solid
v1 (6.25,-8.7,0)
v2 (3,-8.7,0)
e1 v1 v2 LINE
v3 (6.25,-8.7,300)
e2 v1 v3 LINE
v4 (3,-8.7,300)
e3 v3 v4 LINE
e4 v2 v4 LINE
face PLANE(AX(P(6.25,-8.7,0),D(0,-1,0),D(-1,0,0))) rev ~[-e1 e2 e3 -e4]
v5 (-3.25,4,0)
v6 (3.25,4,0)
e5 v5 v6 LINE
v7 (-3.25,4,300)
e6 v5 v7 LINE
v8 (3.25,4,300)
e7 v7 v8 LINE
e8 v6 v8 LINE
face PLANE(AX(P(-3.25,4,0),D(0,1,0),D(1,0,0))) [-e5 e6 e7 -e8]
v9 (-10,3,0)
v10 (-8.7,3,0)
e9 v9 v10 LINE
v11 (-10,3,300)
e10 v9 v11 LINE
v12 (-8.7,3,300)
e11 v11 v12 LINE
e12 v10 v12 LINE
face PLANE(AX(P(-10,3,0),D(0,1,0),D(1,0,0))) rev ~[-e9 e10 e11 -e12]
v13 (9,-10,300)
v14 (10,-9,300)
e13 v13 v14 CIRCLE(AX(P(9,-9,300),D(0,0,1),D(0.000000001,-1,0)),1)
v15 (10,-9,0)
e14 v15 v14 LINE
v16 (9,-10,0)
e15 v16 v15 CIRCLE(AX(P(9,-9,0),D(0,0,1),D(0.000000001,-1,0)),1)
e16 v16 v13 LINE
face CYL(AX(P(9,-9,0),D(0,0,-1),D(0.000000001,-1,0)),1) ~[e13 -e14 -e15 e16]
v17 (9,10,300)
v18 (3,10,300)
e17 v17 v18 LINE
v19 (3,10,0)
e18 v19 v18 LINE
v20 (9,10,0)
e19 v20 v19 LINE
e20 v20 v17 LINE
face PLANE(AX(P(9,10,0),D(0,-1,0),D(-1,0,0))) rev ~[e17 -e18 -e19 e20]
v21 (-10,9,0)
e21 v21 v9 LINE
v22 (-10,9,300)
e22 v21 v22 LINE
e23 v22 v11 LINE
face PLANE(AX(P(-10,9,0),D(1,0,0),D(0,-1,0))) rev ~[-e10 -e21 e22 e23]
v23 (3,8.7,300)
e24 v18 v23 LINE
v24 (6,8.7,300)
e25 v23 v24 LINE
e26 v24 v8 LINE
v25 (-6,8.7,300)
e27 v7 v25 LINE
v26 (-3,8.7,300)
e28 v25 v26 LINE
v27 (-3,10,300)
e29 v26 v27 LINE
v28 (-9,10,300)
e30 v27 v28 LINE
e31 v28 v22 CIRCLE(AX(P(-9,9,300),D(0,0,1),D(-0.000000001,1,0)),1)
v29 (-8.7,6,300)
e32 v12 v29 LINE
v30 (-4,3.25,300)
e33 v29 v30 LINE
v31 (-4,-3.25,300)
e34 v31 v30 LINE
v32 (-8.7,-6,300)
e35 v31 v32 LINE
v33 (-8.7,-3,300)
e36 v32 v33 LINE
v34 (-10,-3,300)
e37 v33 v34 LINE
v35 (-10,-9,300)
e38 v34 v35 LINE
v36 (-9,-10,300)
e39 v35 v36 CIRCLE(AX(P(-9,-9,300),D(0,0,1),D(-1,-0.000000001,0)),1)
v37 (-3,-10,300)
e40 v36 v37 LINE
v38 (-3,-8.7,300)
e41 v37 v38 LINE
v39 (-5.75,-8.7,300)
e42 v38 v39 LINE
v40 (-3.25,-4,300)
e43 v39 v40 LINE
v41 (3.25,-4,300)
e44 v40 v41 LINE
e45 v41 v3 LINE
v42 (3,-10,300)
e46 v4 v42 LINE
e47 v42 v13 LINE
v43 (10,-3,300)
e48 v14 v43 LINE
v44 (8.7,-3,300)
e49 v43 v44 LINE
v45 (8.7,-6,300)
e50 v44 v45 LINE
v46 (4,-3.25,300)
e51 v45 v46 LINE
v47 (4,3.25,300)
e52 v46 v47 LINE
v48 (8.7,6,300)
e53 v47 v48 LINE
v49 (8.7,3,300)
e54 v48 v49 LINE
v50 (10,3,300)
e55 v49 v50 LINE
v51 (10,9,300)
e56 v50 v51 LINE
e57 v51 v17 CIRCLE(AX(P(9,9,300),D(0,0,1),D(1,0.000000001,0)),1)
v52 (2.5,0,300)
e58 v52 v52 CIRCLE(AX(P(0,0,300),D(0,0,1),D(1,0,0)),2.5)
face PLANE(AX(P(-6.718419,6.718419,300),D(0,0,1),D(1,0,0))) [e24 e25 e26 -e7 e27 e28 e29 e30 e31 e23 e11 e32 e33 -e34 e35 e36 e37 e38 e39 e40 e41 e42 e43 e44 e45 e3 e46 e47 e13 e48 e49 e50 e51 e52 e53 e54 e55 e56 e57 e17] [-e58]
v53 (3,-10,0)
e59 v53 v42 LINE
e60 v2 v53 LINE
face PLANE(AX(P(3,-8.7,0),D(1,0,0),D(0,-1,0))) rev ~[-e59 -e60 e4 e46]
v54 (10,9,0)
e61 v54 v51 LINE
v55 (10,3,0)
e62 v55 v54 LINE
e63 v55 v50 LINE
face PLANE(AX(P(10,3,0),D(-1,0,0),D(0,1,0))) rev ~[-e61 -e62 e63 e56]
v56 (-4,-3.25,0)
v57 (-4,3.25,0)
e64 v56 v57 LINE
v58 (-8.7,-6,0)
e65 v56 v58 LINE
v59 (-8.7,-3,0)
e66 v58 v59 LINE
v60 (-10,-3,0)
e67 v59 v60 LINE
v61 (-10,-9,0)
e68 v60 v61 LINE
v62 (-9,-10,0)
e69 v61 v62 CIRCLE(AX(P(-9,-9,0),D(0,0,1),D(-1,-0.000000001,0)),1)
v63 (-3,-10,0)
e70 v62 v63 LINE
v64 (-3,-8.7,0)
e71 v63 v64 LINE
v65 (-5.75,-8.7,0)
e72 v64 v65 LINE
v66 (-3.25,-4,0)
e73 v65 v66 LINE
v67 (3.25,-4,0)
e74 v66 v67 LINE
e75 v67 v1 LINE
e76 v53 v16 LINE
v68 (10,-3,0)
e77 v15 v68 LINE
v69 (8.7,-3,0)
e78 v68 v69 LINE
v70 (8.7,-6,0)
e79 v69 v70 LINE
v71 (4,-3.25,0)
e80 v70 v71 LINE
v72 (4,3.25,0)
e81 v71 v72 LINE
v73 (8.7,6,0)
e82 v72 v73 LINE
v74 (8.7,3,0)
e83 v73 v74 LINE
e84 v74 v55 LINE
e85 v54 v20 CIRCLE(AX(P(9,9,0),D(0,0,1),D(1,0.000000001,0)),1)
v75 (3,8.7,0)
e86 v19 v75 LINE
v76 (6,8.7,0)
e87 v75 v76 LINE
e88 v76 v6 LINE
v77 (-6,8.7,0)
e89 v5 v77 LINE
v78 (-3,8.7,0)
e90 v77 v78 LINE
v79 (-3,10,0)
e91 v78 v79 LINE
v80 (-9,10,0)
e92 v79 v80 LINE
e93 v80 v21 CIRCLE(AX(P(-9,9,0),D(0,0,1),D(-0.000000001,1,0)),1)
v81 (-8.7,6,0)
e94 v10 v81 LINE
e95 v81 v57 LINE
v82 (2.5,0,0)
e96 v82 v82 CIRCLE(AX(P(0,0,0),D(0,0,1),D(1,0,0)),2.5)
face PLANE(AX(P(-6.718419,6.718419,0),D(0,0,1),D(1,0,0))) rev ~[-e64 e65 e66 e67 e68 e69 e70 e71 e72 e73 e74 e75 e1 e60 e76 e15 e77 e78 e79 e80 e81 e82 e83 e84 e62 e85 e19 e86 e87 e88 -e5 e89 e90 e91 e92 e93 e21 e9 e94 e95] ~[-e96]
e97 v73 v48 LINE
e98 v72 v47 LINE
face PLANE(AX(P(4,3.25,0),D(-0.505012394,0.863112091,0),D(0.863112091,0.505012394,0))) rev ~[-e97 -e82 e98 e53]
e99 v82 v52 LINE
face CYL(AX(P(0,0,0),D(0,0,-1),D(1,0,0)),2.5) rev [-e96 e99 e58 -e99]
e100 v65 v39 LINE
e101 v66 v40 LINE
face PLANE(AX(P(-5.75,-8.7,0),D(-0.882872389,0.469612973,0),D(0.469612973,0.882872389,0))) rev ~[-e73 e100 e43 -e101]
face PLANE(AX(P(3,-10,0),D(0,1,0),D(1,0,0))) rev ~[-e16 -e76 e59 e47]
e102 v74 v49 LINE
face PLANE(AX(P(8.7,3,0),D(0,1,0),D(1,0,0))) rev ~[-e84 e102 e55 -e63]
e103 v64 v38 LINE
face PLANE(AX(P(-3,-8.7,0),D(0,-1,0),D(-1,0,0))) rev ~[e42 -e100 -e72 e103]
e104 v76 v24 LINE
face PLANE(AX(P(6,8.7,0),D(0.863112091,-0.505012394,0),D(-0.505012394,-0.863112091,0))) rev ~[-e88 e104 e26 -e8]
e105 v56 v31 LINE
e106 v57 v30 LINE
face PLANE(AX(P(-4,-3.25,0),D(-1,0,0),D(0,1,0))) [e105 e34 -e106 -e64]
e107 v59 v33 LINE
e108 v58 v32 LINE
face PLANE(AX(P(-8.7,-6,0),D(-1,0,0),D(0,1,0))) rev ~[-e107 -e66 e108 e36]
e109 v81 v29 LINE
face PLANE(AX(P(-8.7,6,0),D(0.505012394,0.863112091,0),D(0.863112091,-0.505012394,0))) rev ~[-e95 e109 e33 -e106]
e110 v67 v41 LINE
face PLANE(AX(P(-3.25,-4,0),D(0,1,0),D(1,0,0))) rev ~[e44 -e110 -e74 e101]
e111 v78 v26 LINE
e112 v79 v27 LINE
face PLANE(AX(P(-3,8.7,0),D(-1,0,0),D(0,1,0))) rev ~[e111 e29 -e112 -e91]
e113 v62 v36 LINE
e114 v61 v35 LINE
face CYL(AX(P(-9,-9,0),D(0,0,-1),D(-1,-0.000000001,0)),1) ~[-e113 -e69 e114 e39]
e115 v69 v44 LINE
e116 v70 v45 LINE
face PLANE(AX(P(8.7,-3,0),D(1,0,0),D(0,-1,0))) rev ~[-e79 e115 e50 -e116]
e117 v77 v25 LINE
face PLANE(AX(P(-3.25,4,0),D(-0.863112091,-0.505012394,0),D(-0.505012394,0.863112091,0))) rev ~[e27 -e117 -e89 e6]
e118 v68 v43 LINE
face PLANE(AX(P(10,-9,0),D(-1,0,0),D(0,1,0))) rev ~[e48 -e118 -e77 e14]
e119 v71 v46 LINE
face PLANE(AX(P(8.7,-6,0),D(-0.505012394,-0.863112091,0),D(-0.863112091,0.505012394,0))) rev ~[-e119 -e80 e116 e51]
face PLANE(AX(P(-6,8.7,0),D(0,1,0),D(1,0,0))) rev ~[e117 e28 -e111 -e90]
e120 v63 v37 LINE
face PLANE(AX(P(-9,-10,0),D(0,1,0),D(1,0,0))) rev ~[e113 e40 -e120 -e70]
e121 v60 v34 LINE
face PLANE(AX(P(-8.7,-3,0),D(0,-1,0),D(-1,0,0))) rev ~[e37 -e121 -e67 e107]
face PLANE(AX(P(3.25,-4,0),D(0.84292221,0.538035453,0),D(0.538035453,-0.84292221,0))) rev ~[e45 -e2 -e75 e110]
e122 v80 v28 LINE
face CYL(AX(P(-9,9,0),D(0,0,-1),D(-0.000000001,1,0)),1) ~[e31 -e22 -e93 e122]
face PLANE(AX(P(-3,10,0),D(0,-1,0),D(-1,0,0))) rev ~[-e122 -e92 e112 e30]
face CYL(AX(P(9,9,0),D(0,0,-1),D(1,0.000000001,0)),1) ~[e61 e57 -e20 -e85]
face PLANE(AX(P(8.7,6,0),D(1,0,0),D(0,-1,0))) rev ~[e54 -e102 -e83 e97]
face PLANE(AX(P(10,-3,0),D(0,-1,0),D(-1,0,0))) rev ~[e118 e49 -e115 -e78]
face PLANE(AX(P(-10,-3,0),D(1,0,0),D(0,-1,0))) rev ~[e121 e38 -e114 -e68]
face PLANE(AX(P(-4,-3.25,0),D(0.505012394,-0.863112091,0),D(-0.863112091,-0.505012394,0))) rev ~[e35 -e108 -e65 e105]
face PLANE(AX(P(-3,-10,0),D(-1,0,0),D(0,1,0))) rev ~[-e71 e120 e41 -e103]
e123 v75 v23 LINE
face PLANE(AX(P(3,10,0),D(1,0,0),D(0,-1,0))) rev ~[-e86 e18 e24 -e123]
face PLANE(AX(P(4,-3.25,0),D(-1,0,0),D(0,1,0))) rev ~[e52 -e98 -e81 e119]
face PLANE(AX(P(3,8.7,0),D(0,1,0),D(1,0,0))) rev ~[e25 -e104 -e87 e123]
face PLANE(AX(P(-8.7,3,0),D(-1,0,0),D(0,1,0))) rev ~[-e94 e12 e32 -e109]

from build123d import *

# Parameters (mm, degrees)
CROQUIS1_W              = 8
CROQUIS1_H              = 8
CROQUIS1_R              = 2.5
SALIENTE_EXTRUIR4_DEPTH = 300


with BuildPart() as part:
    # Croquis1 → Saliente-Extruir4 (new body)
    with BuildSketch(Plane.XY):
        with BuildLine():
            Line((-3, 8.7), (-3, 10))
            Line((-3, 10), (-9, 10))
            ThreePointArc((-9, 10), (-9.707106781, 9.707106781), (-10, 9))
            Line((-10, 9), (-10, 3))
            Line((-10, 3), (-8.7, 3))
            Line((-8.7, 3), (-8.7, 6))
            Line((-8.7, 6), (-4, 3.25))
            Line((-4, 3.25), (-4, 4))
            Line((-4, 4), (-3.25, 4))
            Line((-3.25, 4), (-6, 8.7))
            Line((-6, 8.7), (-3, 8.7))
        make_face()
        with BuildLine():
            Line((9, 10), (3, 10))
            Line((3, 10), (3, 8.7))
            Line((3, 8.7), (6, 8.7))
            Line((6, 8.7), (3.25, 4))
            Line((3.25, 4), (4, 4))
            Line((4, 4), (4, 3.25))
            Line((4, 3.25), (8.7, 6))
            Line((8.7, 6), (8.7, 3))
            Line((8.7, 3), (10, 3))
            Line((10, 3), (10, 9))
            ThreePointArc((10, 9), (9.707106781, 9.707106781), (9, 10))
        make_face()
        with BuildLine():
            Line((10, -9), (10, -3))
            Line((10, -3), (8.7, -3))
            Line((8.7, -3), (8.7, -6))
            Line((8.7, -6), (4, -3.25))
            Line((4, -3.25), (4, -4))
            Line((4, -4), (3.25, -4))
            Line((3.25, -4), (6.25, -8.7))
            Line((6.25, -8.7), (3, -8.7))
            Line((3, -8.7), (3, -10))
            Line((3, -10), (9, -10))
            ThreePointArc((9, -10), (9.707106781, -9.707106781), (10, -9))
        make_face()
        with BuildLine():
            Line((-8.7, -3), (-10, -3))
            Line((-10, -3), (-10, -9))
            ThreePointArc((-10, -9), (-9.707106781, -9.707106781), (-9, -10))
            Line((-9, -10), (-3, -10))
            Line((-3, -10), (-3, -8.7))
            Line((-3, -8.7), (-5.75, -8.7))
            Line((-5.75, -8.7), (-3.25, -4))
            Line((-3.25, -4), (-4, -4))
            Line((-4, -4), (-4, -3.25))
            Line((-4, -3.25), (-8.7, -6))
            Line((-8.7, -6), (-8.7, -3))
        make_face()
        Rectangle(CROQUIS1_W, CROQUIS1_H)
        Circle(CROQUIS1_R, mode=Mode.SUBTRACT)
    extrude(amount=SALIENTE_EXTRUIR4_DEPTH)


solid = part.part
